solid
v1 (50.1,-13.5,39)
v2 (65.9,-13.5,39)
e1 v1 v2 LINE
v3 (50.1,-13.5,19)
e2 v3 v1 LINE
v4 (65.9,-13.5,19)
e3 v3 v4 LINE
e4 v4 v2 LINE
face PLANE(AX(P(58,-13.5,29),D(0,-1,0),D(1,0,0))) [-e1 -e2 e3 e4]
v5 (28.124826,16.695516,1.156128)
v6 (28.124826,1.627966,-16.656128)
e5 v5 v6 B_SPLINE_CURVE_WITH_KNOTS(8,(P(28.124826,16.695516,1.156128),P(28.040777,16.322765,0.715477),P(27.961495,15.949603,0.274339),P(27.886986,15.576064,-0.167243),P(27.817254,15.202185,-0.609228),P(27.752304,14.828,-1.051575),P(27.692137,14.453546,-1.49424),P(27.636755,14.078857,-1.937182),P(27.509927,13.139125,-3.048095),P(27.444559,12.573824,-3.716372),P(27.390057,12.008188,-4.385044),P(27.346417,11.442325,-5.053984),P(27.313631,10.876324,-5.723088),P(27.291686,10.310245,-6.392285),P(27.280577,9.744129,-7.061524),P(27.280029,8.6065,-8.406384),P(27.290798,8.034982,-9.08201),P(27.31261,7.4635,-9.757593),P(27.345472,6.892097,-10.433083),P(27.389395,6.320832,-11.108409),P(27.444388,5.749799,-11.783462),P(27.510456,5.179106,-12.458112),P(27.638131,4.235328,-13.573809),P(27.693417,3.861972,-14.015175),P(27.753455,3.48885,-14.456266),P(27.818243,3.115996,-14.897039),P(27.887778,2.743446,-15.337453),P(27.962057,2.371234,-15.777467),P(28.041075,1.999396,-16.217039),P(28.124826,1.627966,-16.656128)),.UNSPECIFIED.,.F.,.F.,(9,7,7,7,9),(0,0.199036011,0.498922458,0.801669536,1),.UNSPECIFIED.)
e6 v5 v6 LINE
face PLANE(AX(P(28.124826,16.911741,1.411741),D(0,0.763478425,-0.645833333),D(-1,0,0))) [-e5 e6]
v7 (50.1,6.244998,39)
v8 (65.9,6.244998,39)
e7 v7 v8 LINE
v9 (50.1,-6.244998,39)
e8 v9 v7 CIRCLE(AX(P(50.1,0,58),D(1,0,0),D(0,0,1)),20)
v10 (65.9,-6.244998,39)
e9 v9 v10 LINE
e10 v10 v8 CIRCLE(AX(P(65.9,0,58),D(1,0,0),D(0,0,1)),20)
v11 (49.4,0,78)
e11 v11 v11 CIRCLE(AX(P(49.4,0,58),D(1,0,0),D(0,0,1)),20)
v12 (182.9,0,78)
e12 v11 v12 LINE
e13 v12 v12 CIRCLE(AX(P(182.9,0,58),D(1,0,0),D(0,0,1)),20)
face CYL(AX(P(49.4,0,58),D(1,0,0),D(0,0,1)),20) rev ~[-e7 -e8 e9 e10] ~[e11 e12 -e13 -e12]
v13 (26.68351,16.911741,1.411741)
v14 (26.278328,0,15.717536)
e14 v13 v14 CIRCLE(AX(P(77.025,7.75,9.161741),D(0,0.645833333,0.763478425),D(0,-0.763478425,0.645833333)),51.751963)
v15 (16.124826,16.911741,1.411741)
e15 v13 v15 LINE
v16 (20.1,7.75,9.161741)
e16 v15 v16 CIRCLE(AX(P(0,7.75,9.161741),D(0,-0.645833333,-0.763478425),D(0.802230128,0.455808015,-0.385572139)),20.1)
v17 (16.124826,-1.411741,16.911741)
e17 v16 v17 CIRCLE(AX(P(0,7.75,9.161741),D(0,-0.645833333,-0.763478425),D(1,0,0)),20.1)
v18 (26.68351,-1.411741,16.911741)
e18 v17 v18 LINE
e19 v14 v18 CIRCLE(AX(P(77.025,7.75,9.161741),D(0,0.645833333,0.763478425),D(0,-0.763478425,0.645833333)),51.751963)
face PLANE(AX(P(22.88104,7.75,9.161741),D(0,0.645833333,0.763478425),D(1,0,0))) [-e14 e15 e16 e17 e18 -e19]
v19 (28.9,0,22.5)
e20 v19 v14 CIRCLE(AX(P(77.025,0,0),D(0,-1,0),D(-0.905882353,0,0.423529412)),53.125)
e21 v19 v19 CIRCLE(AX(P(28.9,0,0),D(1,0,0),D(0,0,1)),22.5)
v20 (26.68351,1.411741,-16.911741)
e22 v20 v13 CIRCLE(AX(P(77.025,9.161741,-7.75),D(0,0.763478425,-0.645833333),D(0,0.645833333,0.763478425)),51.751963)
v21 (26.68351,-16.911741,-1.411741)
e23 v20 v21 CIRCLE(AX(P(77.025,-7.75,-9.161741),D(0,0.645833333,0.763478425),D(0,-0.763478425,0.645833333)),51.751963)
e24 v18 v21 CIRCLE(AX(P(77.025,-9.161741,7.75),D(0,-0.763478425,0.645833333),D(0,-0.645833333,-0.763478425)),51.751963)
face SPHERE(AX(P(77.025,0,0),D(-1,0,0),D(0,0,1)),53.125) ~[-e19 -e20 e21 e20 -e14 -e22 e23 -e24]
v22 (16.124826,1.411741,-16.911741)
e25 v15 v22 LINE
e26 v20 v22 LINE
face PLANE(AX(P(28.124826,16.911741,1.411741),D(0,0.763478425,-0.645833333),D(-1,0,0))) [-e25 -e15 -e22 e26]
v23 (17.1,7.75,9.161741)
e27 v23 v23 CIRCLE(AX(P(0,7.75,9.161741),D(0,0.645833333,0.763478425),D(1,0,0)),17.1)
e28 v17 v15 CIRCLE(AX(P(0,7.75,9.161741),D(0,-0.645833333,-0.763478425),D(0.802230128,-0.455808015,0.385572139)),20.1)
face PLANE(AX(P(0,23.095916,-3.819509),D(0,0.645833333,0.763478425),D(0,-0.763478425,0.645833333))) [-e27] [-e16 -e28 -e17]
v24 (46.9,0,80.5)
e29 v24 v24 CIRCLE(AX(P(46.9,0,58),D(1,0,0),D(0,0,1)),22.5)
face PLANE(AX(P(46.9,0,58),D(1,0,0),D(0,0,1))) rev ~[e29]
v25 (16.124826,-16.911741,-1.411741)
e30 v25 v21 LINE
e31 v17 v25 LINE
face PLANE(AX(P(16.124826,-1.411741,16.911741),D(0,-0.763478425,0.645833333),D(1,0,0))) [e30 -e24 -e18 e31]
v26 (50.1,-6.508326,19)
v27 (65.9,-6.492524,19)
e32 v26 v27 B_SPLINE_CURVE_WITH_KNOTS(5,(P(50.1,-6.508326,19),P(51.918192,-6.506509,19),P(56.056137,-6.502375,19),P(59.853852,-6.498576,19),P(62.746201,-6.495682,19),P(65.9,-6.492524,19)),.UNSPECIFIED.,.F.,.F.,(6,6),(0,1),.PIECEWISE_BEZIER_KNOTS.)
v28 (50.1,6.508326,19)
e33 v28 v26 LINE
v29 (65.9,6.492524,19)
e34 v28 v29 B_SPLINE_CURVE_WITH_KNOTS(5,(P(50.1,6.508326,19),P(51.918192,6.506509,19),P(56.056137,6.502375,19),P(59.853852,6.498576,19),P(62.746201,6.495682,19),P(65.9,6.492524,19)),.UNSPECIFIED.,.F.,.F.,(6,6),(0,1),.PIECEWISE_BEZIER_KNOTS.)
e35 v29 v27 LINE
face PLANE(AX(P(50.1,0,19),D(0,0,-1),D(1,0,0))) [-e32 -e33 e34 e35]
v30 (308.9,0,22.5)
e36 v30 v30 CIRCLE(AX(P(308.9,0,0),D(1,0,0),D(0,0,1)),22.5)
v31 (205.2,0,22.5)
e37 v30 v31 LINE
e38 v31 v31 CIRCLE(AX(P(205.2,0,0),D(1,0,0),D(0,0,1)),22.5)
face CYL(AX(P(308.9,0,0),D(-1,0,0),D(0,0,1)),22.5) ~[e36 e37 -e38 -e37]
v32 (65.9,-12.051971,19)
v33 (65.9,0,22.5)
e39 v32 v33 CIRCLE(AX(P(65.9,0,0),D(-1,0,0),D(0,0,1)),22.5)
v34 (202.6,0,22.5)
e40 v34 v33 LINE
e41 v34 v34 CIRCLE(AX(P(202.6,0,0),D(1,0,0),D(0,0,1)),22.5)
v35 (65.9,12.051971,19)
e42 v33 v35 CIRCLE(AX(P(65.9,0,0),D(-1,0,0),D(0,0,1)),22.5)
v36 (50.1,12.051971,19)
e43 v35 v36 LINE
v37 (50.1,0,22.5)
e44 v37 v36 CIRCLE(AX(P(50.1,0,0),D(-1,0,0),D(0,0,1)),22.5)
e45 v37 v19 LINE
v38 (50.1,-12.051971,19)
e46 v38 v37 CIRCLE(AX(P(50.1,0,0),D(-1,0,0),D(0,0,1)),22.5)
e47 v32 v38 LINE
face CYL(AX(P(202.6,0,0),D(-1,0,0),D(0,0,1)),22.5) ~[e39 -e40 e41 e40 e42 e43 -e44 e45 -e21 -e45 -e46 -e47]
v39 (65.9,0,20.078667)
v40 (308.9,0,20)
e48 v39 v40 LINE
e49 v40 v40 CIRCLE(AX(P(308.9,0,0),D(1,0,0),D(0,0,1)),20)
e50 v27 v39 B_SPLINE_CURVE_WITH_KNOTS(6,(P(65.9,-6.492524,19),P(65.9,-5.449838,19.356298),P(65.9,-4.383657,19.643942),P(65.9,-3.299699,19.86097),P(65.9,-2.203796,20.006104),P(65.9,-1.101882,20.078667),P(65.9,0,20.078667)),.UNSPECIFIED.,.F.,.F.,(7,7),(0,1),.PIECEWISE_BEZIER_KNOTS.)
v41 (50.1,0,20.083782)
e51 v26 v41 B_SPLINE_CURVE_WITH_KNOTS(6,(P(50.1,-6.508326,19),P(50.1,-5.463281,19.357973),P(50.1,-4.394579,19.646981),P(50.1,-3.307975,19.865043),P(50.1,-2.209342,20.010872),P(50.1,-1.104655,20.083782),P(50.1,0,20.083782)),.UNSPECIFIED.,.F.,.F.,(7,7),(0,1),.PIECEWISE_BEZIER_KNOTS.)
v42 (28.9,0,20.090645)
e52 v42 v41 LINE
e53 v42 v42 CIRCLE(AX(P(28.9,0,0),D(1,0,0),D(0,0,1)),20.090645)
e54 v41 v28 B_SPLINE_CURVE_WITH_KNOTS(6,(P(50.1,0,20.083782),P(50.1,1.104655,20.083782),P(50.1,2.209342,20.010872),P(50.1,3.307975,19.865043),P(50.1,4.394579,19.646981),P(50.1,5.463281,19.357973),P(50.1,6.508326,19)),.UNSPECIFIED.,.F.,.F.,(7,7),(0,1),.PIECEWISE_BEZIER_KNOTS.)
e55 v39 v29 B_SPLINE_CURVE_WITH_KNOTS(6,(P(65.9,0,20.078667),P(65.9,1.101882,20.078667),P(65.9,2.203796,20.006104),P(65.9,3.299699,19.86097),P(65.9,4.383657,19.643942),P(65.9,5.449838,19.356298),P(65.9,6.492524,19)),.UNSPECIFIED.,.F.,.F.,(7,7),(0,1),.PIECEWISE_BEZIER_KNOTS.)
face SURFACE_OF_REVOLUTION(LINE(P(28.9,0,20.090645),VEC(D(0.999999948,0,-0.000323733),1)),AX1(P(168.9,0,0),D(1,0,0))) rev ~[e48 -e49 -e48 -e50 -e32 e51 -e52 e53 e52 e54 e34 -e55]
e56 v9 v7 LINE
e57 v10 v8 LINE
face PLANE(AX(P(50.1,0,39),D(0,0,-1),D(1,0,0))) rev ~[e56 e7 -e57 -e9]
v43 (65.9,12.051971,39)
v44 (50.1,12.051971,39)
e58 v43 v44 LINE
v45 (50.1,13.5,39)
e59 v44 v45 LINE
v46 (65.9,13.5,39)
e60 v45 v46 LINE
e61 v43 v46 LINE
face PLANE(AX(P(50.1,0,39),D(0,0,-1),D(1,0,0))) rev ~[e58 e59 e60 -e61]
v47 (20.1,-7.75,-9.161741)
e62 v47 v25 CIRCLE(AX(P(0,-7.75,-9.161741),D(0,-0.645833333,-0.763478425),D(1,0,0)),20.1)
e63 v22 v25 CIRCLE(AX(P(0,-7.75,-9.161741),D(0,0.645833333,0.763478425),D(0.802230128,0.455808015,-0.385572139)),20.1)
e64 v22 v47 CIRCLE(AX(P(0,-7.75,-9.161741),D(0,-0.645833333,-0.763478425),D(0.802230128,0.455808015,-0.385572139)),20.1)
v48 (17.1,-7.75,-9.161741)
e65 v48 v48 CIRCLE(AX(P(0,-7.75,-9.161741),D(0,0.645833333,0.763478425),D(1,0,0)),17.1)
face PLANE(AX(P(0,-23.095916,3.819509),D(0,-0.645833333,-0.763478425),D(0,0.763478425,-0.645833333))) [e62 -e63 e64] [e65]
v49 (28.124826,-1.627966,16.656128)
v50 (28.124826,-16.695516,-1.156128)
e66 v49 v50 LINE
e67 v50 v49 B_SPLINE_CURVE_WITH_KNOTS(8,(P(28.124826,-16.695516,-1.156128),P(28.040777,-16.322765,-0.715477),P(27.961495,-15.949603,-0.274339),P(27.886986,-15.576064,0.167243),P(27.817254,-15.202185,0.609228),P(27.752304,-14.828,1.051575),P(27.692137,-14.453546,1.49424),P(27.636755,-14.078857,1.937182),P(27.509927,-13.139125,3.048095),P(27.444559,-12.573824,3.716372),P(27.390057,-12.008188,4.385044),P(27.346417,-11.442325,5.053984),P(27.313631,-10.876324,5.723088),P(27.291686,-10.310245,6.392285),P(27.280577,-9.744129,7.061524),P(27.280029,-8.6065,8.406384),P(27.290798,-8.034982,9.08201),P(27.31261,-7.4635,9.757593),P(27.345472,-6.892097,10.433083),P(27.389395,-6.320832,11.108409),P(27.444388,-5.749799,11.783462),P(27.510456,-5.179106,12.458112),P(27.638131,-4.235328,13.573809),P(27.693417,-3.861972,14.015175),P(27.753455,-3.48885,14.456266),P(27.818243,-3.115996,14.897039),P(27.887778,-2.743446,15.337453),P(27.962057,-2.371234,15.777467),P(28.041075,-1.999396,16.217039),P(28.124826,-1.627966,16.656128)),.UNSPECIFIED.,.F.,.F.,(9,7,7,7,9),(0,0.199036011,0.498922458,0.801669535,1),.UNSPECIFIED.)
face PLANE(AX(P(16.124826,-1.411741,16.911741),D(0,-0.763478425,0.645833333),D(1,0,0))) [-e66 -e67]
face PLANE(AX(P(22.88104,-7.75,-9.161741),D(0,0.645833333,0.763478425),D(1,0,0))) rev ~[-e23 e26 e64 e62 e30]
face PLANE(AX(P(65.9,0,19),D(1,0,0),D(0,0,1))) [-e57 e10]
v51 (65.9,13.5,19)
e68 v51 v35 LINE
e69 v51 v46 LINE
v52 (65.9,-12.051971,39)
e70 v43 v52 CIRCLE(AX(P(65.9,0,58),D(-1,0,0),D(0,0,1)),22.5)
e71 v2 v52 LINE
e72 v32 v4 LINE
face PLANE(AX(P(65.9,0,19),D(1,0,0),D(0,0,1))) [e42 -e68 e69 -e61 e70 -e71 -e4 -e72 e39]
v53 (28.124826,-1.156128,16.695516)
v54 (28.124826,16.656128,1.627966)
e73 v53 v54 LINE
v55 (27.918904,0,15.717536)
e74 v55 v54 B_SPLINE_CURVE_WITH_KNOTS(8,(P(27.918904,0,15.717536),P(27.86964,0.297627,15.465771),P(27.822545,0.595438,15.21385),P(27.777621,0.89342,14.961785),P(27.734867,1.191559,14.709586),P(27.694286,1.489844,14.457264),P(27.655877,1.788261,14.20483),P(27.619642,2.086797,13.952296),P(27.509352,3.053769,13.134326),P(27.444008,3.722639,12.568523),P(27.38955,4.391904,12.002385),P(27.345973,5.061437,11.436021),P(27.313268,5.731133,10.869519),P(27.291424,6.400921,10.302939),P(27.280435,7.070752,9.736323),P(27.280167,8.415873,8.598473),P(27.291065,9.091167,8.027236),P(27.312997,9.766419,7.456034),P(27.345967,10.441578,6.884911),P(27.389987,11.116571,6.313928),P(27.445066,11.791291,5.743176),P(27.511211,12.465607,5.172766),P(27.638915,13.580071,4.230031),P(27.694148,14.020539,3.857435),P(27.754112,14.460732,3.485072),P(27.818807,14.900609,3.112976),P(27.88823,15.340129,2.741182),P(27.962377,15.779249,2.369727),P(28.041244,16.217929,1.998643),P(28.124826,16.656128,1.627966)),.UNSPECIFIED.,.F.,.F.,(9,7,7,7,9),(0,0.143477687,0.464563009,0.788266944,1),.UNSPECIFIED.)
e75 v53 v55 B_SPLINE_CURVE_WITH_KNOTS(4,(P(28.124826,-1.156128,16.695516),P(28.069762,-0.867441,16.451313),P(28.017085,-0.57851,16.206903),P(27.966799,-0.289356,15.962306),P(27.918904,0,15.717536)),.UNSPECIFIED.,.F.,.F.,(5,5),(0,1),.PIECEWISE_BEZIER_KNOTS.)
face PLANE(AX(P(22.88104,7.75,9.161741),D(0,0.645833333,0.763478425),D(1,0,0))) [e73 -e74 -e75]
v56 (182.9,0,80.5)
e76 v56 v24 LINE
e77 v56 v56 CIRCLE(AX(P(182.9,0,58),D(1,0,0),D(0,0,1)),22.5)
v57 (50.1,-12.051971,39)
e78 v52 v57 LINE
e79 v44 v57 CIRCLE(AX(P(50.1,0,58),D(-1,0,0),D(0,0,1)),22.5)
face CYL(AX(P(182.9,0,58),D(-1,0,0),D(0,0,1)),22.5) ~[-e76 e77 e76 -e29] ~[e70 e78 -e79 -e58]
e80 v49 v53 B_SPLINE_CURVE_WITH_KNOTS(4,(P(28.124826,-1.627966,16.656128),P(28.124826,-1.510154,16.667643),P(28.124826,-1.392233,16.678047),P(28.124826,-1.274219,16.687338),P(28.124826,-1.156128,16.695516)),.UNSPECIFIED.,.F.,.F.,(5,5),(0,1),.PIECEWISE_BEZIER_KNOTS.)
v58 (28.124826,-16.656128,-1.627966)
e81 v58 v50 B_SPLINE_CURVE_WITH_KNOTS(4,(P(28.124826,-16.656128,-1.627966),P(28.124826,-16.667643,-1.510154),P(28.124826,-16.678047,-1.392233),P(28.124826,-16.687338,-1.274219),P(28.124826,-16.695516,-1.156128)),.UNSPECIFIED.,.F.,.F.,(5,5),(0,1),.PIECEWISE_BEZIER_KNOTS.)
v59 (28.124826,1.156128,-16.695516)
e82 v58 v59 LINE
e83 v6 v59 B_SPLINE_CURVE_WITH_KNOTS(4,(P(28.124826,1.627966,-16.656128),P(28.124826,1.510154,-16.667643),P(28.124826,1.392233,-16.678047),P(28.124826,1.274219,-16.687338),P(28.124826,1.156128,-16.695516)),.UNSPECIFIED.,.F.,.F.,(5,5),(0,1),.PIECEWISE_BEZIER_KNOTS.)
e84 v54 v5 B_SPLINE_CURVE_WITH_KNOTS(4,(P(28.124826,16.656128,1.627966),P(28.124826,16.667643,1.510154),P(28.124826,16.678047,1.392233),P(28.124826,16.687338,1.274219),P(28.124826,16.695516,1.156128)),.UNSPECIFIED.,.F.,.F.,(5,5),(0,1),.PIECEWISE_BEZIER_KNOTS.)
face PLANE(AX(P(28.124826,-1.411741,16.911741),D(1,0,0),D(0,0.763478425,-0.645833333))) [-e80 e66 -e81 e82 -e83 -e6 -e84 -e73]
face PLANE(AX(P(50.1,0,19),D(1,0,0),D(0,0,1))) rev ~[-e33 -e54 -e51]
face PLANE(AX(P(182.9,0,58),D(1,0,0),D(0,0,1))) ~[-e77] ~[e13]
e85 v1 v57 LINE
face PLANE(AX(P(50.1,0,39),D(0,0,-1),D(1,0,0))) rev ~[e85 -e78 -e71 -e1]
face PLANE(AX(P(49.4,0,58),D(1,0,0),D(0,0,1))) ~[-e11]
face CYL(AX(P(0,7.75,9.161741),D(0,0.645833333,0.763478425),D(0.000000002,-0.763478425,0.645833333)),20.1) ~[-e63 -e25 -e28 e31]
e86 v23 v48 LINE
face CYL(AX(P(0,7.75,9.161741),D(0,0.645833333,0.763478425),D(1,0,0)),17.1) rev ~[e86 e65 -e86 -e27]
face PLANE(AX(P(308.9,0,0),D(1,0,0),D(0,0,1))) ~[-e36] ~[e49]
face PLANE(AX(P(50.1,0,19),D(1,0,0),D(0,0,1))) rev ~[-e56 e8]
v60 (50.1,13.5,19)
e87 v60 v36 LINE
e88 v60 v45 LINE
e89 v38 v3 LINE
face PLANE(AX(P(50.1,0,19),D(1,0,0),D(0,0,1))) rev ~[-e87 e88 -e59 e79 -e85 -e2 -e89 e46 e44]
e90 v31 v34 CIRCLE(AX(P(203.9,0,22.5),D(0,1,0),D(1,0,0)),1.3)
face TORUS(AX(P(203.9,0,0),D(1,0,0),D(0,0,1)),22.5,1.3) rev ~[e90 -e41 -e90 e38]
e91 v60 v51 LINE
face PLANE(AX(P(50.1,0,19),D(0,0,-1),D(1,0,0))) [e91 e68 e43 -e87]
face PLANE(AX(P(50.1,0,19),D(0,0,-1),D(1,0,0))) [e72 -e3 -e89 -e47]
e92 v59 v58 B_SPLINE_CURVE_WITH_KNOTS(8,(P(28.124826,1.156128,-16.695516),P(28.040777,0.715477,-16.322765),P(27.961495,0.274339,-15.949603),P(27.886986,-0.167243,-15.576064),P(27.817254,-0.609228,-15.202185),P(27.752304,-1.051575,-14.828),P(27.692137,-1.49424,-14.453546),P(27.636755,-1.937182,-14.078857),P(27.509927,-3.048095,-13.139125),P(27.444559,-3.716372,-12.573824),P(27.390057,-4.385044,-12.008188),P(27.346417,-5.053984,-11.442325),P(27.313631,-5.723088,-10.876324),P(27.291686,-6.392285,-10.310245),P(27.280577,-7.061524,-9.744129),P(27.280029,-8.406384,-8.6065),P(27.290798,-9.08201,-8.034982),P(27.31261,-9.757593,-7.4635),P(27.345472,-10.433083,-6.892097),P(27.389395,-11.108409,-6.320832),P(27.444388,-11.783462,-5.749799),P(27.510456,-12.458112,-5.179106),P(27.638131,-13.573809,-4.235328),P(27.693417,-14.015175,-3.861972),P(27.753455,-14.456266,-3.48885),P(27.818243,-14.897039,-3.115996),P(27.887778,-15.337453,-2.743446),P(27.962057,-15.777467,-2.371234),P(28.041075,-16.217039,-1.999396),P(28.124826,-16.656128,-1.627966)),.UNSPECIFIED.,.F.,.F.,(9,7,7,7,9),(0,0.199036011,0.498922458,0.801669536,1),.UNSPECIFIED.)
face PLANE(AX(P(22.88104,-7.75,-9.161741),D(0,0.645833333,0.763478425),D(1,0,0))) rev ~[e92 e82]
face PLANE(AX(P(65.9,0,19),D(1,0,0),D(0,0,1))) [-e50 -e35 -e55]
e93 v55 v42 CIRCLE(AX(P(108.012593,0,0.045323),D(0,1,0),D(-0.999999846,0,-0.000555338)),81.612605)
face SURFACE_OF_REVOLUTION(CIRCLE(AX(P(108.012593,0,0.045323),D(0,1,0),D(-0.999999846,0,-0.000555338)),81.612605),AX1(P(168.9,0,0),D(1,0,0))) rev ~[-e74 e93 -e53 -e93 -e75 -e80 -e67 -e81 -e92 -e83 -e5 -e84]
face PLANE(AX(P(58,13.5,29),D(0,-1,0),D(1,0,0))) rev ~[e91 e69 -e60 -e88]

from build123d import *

# Parameters (mm, degrees)
F4_W      = 15.8
F4_H      = 20
F5_DEPTH  = 13.5
F7_DEPTH  = 20.1
F8_R      = 17.1
F9_DEPTH  = 25
F11_DEPTH = 24


with BuildPart() as f1:
    # F0 (on Front) → F1 (revolve)
    with BuildSketch(Plane.XZ):
        with BuildLine():
            Line((28.9, 20.0906451762), (308.9, 20))
            Line((308.9, 20), (308.9, 22.5))
            Line((308.9, 22.5), (205.2, 22.5))
            ThreePointArc((205.2, 22.5), (203.9, 21.2), (202.6, 22.5))
            Line((202.6, 22.5), (28.9, 22.5))
            Line((28.9, 22.5), (28.9, 20.0906451762))
        make_face()
        with BuildLine():
            ThreePointArc((26.400000374, 0), (27.0246011146, 10.1231447503), (28.9, 20.0906451762))
            Line((28.9, 20.0906451762), (28.9, 22.5))
            ThreePointArc((28.9, 22.5), (25.1650624277, 11.5244305716), (23.9, 0))
            Line((23.9, 0), (26.400000374, 0))
        make_face()
    revolve(axis=Axis((168.9, 0, 0), (1, 0, 0)))



with BuildPart() as f3:
    # F2 (on Front) → F3 (revolve)
    with BuildSketch(Plane.XZ):
        Polygon((49.4, 78), (182.9, 78), (182.9, 80.5), (46.9, 80.5), (46.9, 58), (49.4, 58), align=None)
    revolve(axis=Axis((114.9, 0, 58), (1, 0, 0)))


with BuildPart() as f1_1:
    add(f1.part)

    add(f3.part)  # F5 merges F3
    # F4 (on Front) → F5 (join, symmetric)
    with BuildSketch(Plane.XZ):
        with Locations((58, 29)):
            Rectangle(F4_W, F4_H)
    extrude(amount=F5_DEPTH, both=True)



with BuildPart() as f7:
    # F6 (on Right) → F7 (new body, symmetric)
    with BuildSketch(Plane.YZ):
        Polygon((-7.595916344, 22.1429911009), (-23.095916344, 3.8195088991), (7.595916344, -22.1429911009), (23.095916344, -3.8195088991), align=None)
    extrude(amount=F7_DEPTH, both=True)

    # F8 (on face) → F9 (cut)
    with BuildSketch(Plane(origin=(0, 7.75, 9.1617411009), x_dir=(1, 0, 0), z_dir=(0, 0.6458333333, 0.7634784251))):
        with BuildLine():
            ThreePointArc((-1.76e-08, 20.1), (14.2128462956, 14.2128463081), (20.1, 0))
            Line((20.1, 0), (20.1, 20.1))
            Line((20.1, 20.1), (-1.76e-08, 20.1))
        make_face()
        with BuildLine():
            ThreePointArc((-20.1, -7.91e-08), (-14.212846336, 14.2128462677), (-1.76e-08, 20.1))
            Line((-1.76e-08, 20.1), (-20.1, 20.1))
            Line((-20.1, 20.1), (-20.1, -7.91e-08))
        make_face()
        with BuildLine():
            Line((-20.1, -20.1), (4.8e-08, -20.1))
            ThreePointArc((4.8e-08, -20.1), (-14.2128462569, -14.2128463468), (-20.1, -7.91e-08))
            Line((-20.1, -7.91e-08), (-20.1, -20.1))
        make_face()
        with BuildLine():
            Line((20.1, -20.1), (20.1, 0))
            ThreePointArc((20.1, 0), (14.2128463188, -14.2128462849), (4.8e-08, -20.1))
            Line((4.8e-08, -20.1), (20.1, -20.1))
        make_face()
        Circle(F8_R)
    extrude(amount=-F9_DEPTH, mode=Mode.SUBTRACT)


with BuildPart() as f1_2:
    add(f1_1.part)

    add(f7.part)  # F11 merges F7
    # F10 (on face) → F11 (join)
    with BuildSketch(Plane(origin=(0, 7.75, 9.1617411009), x_dir=(1, 0, 0), z_dir=(0, 0.6458333333, 0.7634784251))):
        with BuildLine():
            Line((28.1248255805, 12), (16.1248255805, 12))
            ThreePointArc((16.1248255805, 12), (19.0803432119, 6.320641021), (20.1, 0))
            ThreePointArc((20.1, 0), (19.0803432119, -6.320641021), (16.1248255805, -12))
            Line((16.1248255805, -12), (28.1248255805, -12))
            Line((28.1248255805, -12), (28.1248255805, 12))
        make_face()
    extrude(amount=-F11_DEPTH)


solid = f1_2.part
